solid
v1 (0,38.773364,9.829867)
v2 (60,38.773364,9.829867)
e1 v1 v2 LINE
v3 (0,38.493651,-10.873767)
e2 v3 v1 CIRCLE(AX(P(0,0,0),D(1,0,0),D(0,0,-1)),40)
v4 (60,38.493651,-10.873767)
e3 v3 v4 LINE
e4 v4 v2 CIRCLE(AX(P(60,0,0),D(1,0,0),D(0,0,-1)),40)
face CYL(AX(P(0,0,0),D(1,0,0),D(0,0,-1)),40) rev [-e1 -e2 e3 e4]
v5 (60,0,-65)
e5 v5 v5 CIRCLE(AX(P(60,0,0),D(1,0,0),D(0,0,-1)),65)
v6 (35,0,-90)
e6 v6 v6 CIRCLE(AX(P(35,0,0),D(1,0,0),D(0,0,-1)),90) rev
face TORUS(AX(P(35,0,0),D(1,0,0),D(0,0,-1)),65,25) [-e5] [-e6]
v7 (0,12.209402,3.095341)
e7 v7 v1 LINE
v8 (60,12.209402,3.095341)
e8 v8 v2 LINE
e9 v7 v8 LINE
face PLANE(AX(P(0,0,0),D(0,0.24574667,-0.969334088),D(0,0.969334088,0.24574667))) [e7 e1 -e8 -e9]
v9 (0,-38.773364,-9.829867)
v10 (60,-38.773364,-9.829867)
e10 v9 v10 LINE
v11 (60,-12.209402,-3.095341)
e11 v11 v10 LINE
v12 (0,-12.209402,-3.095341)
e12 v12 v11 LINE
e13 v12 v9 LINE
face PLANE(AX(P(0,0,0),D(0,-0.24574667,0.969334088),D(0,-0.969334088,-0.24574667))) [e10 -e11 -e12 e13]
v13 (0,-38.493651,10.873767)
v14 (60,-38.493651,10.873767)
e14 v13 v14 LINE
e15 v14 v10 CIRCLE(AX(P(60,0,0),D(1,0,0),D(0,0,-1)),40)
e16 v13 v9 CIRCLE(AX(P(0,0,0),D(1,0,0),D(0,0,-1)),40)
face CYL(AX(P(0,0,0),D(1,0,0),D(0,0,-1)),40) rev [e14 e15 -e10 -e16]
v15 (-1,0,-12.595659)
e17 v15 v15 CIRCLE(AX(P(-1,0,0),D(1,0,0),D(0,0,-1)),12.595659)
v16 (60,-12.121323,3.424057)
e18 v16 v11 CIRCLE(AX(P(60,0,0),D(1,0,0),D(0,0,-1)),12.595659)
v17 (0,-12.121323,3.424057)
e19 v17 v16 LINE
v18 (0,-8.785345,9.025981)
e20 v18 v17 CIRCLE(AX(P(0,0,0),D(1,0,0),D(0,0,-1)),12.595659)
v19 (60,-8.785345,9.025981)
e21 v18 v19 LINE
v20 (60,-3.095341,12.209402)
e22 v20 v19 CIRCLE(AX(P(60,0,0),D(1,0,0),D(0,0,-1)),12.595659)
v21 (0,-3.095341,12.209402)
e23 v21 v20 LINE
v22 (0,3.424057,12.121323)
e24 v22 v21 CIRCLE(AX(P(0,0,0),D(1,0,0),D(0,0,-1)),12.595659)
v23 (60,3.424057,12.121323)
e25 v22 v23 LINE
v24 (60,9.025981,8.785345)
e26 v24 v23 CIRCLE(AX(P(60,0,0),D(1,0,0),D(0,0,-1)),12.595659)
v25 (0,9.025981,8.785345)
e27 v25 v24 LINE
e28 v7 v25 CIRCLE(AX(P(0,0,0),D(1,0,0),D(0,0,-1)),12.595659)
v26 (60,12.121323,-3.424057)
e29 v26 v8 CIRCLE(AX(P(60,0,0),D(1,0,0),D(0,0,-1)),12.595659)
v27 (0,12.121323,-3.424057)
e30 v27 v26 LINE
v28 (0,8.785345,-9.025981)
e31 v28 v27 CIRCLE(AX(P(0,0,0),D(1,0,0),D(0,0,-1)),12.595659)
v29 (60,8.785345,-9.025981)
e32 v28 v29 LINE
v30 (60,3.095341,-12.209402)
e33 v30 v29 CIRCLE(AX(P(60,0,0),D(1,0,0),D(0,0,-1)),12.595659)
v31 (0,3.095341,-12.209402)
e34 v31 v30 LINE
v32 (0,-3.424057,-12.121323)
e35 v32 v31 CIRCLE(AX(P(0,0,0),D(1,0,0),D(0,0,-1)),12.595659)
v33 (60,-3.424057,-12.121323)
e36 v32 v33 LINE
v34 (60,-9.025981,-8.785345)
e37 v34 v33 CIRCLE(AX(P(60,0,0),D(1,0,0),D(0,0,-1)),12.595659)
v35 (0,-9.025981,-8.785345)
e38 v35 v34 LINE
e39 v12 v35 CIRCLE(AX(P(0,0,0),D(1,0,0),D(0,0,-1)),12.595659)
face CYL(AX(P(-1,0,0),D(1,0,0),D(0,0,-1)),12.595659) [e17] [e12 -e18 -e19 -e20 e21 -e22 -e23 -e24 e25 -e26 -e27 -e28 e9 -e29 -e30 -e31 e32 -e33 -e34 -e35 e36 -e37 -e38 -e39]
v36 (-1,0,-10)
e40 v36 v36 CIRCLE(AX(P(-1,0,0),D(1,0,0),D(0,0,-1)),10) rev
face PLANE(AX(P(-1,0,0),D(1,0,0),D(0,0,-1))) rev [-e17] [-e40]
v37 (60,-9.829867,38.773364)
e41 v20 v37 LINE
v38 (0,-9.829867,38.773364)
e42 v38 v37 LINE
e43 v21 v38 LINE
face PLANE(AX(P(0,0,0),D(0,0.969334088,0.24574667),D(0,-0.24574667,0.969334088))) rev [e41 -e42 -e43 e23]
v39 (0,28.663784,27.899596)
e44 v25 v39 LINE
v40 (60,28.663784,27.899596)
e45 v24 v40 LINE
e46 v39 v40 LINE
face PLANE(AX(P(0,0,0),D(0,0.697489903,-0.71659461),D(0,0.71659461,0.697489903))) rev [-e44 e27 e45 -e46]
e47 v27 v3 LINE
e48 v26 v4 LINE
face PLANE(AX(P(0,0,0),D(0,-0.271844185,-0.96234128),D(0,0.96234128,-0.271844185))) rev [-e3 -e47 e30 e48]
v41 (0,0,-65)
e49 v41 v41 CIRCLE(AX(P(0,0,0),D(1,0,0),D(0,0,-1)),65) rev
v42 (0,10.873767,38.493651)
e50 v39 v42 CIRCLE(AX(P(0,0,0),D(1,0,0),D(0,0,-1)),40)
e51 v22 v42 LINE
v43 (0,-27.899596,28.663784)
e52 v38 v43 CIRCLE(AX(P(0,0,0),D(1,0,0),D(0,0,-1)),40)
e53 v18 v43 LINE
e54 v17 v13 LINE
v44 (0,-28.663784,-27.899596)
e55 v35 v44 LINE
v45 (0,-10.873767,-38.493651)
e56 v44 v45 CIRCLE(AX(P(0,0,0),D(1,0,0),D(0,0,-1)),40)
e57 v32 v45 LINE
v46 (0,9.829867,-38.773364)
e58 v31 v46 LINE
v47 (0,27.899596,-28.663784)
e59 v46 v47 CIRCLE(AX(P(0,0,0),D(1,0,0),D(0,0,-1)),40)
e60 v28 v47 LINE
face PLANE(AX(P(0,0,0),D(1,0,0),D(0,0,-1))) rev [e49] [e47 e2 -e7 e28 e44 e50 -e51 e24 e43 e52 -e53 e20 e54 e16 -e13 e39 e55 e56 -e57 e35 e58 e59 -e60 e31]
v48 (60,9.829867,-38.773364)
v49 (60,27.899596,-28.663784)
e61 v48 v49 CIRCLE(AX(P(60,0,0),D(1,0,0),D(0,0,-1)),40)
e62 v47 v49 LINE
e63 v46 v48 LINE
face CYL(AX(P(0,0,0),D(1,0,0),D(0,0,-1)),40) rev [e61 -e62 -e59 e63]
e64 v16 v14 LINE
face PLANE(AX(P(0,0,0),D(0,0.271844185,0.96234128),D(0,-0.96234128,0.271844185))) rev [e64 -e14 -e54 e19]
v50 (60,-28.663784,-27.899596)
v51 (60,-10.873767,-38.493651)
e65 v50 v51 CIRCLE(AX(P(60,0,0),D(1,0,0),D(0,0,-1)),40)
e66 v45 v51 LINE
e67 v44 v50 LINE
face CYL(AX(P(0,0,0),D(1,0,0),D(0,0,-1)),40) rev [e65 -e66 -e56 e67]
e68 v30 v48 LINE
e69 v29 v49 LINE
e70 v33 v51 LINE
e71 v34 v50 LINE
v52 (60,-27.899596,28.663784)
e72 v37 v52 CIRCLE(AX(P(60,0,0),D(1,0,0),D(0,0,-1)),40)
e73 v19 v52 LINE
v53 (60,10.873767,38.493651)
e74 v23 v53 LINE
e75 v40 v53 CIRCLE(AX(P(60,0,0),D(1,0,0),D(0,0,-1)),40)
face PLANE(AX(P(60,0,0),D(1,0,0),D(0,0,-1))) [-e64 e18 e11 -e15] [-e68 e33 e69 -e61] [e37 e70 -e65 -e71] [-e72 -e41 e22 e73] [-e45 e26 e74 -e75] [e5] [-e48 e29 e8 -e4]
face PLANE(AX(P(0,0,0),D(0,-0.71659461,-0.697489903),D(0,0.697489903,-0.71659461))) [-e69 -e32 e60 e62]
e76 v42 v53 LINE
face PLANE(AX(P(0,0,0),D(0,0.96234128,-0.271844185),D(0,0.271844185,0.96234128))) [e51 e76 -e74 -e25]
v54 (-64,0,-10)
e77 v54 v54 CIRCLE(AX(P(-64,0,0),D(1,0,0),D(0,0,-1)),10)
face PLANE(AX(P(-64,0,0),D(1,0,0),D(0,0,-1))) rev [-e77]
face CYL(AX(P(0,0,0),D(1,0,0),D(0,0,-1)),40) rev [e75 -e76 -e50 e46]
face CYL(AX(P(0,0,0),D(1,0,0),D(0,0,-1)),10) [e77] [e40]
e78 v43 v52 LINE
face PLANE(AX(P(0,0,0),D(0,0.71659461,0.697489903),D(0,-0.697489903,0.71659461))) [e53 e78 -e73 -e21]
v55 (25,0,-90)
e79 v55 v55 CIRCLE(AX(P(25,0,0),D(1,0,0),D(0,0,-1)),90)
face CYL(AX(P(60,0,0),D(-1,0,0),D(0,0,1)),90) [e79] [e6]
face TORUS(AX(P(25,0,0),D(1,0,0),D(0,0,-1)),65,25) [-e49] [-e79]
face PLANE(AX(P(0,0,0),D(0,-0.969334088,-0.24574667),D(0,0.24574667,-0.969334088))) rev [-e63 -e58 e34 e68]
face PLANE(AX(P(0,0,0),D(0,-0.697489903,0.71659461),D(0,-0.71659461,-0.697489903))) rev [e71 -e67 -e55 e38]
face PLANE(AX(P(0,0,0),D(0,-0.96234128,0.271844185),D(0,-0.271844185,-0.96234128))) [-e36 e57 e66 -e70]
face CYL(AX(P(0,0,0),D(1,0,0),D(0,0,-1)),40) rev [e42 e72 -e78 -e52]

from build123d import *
from build123d.topology import SkipClean

# Parameters (mm, degrees)
SKETCH1_R           = 90
BOSS_EXTRUDE1_DEPTH = 60
FILLET2_R           = 25
CUT_EXTRUDE5_DEPTH  = 141.712472859
SKETCH8_R           = 10
BOSS_EXTRUDE2_DEPTH = 124
SKETCH9_R           = 12.595659068
BOSS_EXTRUDE3_DEPTH = 61


with BuildPart() as part:
    # Sketch1 → Boss-Extrude1 (new body)
    with BuildSketch(Plane(origin=(0, 0, 0), x_dir=(0, 0, -1), z_dir=(1, 0, 0))):
        Circle(SKETCH1_R)
    extrude(amount=BOSS_EXTRUDE1_DEPTH)

    # Fillet2
    fillet2_edges = [part.edges().sort_by_distance(p)[0] for p in [
        (0, 0, 90),
        (60, 0, 90),
    ]]
    fillet(fillet2_edges, radius=FILLET2_R)

    # Sketch3 → Cut-Extrude5 (cut, through all)
    with BuildSketch(Plane(origin=(60, 0, 0), x_dir=(0, 0, -1), z_dir=(1, 0, 0))):
        with BuildLine():
            Line((-9.829866808, 38.773363519), (-2.457466702, 9.69334088))
            ThreePointArc((-2.457466702, 9.69334088), (0.135090676, 9.999087484), (2.718441847, 9.6234128))
            Line((2.718441847, 9.6234128), (10.873767388, 38.493651201))
            ThreePointArc((10.873767388, 38.493651201), (0.540362703, 39.996349935), (-9.829866808, 38.773363519))
        make_face()
        with BuildLine():
            Line((28.663784394, 27.89959613), (7.165946098, 6.974899033))
            ThreePointArc((7.165946098, 6.974899033), (8.727009114, 4.882551785), (9.69334088, 2.457466702))
            Line((9.69334088, 2.457466702), (38.773363519, 9.829866808))
            ThreePointArc((38.773363519, 9.829866808), (34.908036454, 19.53020714), (28.663784394, 27.89959613))
        make_face()
        with BuildLine():
            Line((38.493651201, -10.873767388), (9.6234128, -2.718441847))
            ThreePointArc((9.6234128, -2.718441847), (8.591918438, -5.116535699), (6.974899033, -7.165946098))
            Line((6.974899033, -7.165946098), (27.89959613, -28.663784394))
            ThreePointArc((27.89959613, -28.663784394), (34.367673751, -20.466142796), (38.493651201, -10.873767388))
        make_face()
        with BuildLine():
            ThreePointArc((2.457466702, -9.69334088), (-0.135090676, -9.999087484), (-2.718441847, -9.6234128))
            Line((-2.718441847, -9.6234128), (-10.873767388, -38.493651201))
            ThreePointArc((-10.873767388, -38.493651201), (-0.540362703, -39.996349935), (9.829866808, -38.773363519))
            Line((9.829866808, -38.773363519), (2.457466702, -9.69334088))
        make_face()
        with BuildLine():
            ThreePointArc((-7.165946098, -6.974899033), (-8.727009114, -4.882551785), (-9.69334088, -2.457466702))
            Line((-9.69334088, -2.457466702), (-38.773363519, -9.829866808))
            ThreePointArc((-38.773363519, -9.829866808), (-34.908036454, -19.53020714), (-28.663784394, -27.89959613))
            Line((-28.663784394, -27.89959613), (-7.165946098, -6.974899033))
        make_face()
        with BuildLine():
            ThreePointArc((-9.6234128, 2.718441847), (-8.591918438, 5.116535699), (-6.974899033, 7.165946098))
            Line((-6.974899033, 7.165946098), (-27.89959613, 28.663784394))
            ThreePointArc((-27.89959613, 28.663784394), (-34.367673751, 20.466142796), (-38.493651201, 10.873767388))
            Line((-38.493651201, 10.873767388), (-9.6234128, 2.718441847))
        make_face()
    extrude(amount=-CUT_EXTRUDE5_DEPTH, mode=Mode.SUBTRACT)

    # Sketch8 → Boss-Extrude2 (add)
    with SkipClean():  # the faces are left unmerged after this step: merging them gives an invalid solid
        with BuildSketch(Plane(origin=(60, 0, 0), x_dir=(0, 0, -1), z_dir=(1, 0, 0))):
            Circle(SKETCH8_R)
        extrude(amount=-BOSS_EXTRUDE2_DEPTH)

    # Sketch9 → Boss-Extrude3 (add)
    with BuildSketch(Plane(origin=(60, 0, 0), x_dir=(0, 0, -1), z_dir=(1, 0, 0))):
        Circle(SKETCH9_R)
    extrude(amount=-BOSS_EXTRUDE3_DEPTH)


solid = part.part
